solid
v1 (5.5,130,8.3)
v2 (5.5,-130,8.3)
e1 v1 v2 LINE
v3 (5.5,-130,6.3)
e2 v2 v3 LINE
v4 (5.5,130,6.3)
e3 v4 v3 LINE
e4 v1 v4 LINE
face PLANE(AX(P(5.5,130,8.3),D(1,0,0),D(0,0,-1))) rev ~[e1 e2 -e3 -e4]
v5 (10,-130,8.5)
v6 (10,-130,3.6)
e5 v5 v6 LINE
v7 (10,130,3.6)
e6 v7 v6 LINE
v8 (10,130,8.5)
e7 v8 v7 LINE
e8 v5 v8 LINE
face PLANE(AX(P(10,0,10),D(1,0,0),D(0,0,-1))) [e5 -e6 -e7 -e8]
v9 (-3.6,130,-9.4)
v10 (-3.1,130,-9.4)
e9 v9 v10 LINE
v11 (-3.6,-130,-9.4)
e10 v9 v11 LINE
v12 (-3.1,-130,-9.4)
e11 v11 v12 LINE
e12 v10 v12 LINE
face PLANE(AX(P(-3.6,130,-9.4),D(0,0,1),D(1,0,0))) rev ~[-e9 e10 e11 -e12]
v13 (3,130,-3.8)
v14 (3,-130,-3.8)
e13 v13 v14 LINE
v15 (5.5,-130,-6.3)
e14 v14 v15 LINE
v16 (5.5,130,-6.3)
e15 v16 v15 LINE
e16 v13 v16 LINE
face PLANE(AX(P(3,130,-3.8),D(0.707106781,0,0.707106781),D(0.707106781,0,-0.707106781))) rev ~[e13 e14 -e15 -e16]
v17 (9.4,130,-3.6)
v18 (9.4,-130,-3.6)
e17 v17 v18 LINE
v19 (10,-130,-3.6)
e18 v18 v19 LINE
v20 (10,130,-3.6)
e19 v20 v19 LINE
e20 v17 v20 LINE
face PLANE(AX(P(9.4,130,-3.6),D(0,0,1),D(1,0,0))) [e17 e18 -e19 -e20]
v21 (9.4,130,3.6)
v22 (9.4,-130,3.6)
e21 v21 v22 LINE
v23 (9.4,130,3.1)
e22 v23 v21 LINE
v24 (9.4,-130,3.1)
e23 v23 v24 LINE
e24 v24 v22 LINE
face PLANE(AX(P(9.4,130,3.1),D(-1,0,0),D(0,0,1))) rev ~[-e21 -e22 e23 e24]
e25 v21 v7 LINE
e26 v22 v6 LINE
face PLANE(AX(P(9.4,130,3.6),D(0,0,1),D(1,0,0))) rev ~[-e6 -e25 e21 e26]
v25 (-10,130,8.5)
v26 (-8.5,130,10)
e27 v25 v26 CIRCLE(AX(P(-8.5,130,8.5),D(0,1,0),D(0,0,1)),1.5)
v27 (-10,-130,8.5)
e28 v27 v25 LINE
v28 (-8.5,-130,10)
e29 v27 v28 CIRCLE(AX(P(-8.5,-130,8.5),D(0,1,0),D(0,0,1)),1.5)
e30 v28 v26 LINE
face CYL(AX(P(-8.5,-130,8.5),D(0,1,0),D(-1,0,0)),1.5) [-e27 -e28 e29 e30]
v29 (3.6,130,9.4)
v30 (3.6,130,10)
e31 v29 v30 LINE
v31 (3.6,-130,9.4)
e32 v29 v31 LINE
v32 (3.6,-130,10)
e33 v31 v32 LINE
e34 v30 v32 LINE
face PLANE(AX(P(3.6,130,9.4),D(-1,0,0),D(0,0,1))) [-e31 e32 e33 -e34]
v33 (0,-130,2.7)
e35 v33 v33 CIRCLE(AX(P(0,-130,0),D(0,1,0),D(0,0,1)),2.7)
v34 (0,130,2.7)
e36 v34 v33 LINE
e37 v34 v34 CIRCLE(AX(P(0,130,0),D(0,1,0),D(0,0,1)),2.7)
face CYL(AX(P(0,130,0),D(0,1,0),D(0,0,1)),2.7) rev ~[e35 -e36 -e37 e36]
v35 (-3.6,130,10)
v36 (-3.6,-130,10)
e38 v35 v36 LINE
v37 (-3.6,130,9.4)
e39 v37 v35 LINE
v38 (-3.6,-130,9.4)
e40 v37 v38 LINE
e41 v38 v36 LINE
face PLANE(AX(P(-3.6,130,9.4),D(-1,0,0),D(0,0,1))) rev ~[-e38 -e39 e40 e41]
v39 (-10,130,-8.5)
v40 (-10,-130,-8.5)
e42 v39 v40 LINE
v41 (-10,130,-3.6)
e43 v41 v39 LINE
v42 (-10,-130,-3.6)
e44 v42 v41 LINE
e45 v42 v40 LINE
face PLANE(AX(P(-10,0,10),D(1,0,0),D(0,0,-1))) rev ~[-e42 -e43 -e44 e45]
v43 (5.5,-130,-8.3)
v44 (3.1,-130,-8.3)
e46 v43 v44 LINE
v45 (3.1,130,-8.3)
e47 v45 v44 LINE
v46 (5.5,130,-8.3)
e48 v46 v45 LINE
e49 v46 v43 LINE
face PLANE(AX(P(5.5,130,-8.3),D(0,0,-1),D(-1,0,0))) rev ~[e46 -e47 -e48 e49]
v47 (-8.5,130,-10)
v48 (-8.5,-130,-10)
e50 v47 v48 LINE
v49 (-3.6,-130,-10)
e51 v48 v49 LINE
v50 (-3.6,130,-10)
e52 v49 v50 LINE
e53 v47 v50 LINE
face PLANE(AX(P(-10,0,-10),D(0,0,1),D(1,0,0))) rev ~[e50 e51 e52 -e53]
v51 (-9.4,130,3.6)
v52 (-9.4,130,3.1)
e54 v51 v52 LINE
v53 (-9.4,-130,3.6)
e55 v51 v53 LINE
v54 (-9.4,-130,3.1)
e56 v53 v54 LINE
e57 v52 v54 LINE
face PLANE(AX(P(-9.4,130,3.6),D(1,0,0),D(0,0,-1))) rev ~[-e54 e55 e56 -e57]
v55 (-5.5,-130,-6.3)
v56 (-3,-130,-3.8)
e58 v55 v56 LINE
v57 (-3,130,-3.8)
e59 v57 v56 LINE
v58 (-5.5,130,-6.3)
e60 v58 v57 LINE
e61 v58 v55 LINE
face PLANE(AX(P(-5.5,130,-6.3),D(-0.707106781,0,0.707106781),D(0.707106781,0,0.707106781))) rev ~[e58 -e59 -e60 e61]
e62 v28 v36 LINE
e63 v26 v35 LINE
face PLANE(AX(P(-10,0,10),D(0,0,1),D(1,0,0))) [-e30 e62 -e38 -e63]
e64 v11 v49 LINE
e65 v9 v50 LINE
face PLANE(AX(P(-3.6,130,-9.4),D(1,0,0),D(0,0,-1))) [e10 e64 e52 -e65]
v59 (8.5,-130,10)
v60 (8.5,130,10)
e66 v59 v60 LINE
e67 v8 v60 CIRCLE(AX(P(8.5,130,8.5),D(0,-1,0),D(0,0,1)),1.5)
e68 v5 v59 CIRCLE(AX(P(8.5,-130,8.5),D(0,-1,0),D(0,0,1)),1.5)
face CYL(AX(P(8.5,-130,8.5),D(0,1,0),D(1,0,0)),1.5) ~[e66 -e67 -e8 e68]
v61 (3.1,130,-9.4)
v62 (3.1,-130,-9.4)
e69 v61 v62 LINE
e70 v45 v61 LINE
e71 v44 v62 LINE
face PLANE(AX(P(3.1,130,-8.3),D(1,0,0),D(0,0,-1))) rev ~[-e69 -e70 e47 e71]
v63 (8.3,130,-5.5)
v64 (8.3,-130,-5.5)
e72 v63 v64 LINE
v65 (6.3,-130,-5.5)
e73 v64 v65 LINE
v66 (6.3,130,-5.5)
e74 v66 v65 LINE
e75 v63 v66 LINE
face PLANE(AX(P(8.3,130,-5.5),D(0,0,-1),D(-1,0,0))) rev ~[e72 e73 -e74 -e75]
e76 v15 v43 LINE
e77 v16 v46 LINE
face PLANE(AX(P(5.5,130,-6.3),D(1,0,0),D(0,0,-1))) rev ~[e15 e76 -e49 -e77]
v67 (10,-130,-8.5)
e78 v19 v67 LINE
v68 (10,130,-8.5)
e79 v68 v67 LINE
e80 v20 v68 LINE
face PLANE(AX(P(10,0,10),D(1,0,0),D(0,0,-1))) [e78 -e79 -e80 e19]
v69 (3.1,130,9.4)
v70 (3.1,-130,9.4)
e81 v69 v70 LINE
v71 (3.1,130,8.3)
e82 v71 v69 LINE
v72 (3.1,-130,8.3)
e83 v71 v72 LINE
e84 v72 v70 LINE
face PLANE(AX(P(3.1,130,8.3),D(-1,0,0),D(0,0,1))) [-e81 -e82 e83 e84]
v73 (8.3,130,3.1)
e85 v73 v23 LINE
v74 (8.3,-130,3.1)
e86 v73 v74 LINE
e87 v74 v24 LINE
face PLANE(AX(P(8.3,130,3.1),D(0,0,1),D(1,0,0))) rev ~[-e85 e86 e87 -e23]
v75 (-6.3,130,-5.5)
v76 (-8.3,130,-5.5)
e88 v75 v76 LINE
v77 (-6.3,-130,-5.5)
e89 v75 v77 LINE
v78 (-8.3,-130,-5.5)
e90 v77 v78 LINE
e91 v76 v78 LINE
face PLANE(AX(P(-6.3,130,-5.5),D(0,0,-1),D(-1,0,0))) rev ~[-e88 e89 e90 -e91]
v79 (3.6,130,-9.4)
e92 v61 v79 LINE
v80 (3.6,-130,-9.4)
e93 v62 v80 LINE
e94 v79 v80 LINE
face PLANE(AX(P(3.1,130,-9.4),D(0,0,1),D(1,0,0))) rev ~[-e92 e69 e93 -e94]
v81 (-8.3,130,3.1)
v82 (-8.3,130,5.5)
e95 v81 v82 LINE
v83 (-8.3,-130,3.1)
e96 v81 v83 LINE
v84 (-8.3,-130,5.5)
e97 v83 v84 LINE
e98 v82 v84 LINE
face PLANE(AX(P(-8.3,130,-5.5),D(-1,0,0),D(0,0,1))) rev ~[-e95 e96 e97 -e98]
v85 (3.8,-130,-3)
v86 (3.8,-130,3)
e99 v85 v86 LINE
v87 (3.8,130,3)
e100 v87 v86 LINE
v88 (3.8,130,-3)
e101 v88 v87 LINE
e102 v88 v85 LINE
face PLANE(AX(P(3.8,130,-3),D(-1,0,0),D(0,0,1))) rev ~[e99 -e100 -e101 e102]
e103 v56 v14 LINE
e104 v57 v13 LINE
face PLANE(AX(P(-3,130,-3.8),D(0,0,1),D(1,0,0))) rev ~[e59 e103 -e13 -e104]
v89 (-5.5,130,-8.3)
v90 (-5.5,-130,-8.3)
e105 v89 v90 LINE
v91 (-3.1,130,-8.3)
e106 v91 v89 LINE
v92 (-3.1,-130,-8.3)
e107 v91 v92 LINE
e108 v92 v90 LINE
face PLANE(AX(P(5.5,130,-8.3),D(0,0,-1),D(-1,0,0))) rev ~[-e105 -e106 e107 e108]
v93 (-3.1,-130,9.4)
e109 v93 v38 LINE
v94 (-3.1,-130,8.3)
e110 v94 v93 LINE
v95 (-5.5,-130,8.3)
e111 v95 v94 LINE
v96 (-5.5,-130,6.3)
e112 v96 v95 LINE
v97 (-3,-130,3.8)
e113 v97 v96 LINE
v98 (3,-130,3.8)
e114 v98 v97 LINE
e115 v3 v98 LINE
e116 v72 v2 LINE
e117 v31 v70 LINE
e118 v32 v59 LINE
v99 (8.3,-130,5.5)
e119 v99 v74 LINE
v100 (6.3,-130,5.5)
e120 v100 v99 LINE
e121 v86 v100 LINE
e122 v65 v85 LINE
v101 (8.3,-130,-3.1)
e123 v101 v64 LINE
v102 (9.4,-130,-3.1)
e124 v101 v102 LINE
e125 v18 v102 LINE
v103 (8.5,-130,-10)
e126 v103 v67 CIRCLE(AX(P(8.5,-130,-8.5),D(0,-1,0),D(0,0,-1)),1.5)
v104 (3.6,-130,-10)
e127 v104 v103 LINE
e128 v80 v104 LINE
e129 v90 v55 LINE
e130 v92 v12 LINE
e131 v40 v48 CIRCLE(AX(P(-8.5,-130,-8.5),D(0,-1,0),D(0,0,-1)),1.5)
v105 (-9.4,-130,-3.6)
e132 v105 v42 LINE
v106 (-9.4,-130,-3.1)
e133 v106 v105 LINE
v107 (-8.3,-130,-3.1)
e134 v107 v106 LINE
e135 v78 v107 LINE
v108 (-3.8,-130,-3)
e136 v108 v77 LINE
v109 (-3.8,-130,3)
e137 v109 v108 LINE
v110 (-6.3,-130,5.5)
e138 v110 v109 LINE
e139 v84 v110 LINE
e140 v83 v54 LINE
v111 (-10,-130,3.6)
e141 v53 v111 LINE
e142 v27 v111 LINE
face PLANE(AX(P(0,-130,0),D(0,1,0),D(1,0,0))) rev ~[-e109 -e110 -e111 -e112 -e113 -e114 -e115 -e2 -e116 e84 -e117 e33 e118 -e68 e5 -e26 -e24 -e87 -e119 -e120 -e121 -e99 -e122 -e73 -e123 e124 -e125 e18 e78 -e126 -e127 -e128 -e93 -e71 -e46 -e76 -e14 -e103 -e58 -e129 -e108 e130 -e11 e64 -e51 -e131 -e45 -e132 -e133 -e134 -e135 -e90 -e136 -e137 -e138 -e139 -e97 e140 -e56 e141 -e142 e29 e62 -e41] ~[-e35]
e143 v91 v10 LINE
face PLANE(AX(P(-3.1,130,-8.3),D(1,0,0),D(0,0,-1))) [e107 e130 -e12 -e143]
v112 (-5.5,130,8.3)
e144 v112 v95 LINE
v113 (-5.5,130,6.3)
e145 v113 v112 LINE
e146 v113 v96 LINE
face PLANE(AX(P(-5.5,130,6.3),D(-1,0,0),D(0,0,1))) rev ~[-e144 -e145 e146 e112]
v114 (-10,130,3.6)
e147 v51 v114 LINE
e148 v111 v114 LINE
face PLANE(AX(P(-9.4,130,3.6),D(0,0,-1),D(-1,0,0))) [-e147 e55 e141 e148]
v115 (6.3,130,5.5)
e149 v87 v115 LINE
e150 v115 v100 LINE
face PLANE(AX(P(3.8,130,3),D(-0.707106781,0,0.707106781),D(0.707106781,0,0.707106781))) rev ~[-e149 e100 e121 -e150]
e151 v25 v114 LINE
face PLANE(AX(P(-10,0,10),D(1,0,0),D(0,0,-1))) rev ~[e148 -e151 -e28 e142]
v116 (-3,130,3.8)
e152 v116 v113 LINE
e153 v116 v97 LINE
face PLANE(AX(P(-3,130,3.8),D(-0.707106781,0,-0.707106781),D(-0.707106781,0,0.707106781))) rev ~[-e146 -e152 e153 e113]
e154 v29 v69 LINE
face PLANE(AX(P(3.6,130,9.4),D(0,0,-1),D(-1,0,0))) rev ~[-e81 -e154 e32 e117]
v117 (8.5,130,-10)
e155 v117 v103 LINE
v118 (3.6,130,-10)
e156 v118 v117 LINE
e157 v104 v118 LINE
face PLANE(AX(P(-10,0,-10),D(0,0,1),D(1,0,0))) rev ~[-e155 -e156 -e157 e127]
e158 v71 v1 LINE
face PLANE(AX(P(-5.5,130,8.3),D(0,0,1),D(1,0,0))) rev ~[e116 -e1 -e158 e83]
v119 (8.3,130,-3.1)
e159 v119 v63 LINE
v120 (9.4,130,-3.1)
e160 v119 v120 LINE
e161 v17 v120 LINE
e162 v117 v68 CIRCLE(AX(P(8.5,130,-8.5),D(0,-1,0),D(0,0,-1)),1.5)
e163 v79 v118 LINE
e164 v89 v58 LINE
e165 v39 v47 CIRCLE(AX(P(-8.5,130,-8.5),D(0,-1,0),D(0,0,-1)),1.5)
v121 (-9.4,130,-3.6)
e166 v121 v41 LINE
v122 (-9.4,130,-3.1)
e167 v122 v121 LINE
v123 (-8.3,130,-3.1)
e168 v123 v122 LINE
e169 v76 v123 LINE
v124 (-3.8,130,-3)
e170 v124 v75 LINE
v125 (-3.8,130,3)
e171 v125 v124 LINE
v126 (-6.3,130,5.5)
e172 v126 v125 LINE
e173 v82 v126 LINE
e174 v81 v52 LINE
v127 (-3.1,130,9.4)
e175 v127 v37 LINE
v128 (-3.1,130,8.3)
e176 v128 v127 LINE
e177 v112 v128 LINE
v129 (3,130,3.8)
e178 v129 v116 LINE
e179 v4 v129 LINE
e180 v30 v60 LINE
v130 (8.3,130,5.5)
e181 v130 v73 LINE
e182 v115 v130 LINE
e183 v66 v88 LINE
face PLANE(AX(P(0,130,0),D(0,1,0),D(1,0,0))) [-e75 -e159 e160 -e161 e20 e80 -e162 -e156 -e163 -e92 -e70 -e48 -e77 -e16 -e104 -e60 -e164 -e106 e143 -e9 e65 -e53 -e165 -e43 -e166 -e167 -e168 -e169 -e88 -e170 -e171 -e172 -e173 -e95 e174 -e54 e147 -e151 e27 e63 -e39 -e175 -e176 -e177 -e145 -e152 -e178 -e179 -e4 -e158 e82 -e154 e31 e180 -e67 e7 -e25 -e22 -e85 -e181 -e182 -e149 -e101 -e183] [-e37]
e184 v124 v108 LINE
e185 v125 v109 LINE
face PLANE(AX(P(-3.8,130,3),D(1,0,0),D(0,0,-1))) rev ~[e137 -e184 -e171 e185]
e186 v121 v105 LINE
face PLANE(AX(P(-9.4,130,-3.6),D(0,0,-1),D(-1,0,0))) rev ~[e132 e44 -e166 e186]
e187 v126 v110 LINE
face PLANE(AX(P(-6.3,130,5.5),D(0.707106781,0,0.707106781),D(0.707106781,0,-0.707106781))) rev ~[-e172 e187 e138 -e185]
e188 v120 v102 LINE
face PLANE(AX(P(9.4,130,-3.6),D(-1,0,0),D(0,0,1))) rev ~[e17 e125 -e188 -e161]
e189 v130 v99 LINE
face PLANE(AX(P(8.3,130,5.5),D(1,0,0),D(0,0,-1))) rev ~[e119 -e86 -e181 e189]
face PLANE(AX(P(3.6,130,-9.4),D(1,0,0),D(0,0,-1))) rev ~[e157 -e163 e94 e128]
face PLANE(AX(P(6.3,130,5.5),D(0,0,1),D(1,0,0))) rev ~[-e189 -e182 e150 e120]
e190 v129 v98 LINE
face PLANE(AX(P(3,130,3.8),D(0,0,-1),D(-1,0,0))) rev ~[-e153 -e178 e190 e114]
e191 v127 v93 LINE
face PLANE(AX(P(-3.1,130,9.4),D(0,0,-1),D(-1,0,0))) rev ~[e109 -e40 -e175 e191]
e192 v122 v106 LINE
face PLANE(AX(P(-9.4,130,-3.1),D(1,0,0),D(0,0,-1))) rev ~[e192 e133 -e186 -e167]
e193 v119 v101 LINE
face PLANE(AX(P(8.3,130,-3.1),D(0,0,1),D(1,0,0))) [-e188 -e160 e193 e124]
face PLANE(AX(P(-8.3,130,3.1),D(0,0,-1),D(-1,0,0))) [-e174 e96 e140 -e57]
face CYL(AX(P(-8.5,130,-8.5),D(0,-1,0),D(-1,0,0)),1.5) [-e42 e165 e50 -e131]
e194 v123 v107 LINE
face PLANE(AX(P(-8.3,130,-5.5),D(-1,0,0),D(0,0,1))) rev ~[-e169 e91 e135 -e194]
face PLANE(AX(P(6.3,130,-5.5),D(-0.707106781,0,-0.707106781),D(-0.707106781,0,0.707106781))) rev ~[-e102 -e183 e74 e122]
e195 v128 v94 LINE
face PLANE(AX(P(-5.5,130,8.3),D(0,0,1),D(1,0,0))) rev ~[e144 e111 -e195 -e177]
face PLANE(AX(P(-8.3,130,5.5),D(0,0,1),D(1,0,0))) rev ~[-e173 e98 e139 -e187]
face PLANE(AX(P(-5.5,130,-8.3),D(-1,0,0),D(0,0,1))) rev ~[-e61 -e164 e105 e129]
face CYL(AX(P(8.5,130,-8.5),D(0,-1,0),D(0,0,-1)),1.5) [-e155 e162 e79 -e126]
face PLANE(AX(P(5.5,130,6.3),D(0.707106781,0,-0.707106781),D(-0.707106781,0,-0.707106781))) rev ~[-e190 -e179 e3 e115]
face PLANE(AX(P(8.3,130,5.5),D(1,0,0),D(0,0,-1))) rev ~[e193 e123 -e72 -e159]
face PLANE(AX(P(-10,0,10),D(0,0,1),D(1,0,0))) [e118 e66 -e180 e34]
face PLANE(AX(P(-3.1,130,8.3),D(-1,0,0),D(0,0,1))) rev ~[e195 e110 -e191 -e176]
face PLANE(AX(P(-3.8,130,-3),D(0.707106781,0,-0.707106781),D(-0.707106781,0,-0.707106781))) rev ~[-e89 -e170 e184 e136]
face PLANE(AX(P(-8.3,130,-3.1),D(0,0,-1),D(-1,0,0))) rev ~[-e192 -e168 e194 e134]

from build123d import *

# Parameters (mm, degrees)
SKETCH_1_W               = 20
SKETCH_1_H               = 20
EXTRUDE_1_DEPTH          = 130
SKETCH_4_R               = 2.7
CUT_EXTRUDE_3_DEPTH      = 9999
SKETCH_2_W               = 7.2
SKETCH_2_H               = 1.2
SKETCH_2_W_2             = 6.2
SKETCH_2_H_2             = 3.4
CUT_EXTRUDE_1_DEPTH      = 9999
CUT_EXTRUDE_2_DEPTH      = 9999
PATTERN_CIRCULAR_5_COUNT = 4
FILLET_1_R               = 1.5


with BuildPart() as part:
    # 草图1 → 凸台-拉伸1 (new, symmetric)
    with BuildSketch(Plane(origin=(0, 0, 0), x_dir=(1, 0, 0), z_dir=(0, 1, 0))):
        Rectangle(SKETCH_1_W, SKETCH_1_H)
    extrude(amount=EXTRUDE_1_DEPTH, both=True)

    # 草图4 → 切除-拉伸3 (cut)
    with BuildSketch(Plane(origin=(0, 130, 0), x_dir=(1, 0, 0), z_dir=(0, 1, 0))):
        with Locations(Location((0, 0, 0), (0, 0, 270))):
            Circle(SKETCH_4_R)
    extrude(amount=-CUT_EXTRUDE_3_DEPTH, mode=Mode.SUBTRACT)

    # 草图2 → 切除-拉伸1 (cut)
    with BuildSketch(Plane(origin=(0, 130, 0), x_dir=(1, 0, 0), z_dir=(0, 1, 0))):
        with Locations((0, 10)):
            Rectangle(SKETCH_2_W, SKETCH_2_H)
        with Locations((0, 10)):
            Rectangle(SKETCH_2_W_2, SKETCH_2_H_2)
    cut_extrude_1 = extrude(amount=-CUT_EXTRUDE_1_DEPTH, mode=Mode.SUBTRACT)

    # 草图3 → 切除-拉伸2 (cut)
    with BuildSketch(Plane(origin=(0, 130, 0), x_dir=(1, 0, 0), z_dir=(0, 1, 0))):
        Polygon((5.5, 8.3), (-5.5, 8.3), (-5.5, 6.3), (-3, 3.8), (3, 3.8), (5.5, 6.3), align=None)
    cut_extrude_2 = extrude(amount=-CUT_EXTRUDE_2_DEPTH, mode=Mode.SUBTRACT)

    # 阵列(圆周)5: 切除-拉伸1, 切除-拉伸2 ×4 about axis
    pattern_circular_5_axis = Axis((0, 0, 0), (0, 1, 0))
    add([cut_extrude_1.rotate(pattern_circular_5_axis, i * 360 / PATTERN_CIRCULAR_5_COUNT) for i in range(1, PATTERN_CIRCULAR_5_COUNT)], mode=Mode.SUBTRACT)
    add([cut_extrude_2.rotate(pattern_circular_5_axis, i * 360 / PATTERN_CIRCULAR_5_COUNT) for i in range(1, PATTERN_CIRCULAR_5_COUNT)], mode=Mode.SUBTRACT)

    # 圆角1
    fillet_1_edges = [part.edges().sort_by_distance(p)[0] for p in [
        (10, 0, 10),
        (-10, 0, 10),
        (-10, 0, -10),
        (10, 0, -10),
    ]]
    fillet(fillet_1_edges, radius=FILLET_1_R)


solid = part.part
